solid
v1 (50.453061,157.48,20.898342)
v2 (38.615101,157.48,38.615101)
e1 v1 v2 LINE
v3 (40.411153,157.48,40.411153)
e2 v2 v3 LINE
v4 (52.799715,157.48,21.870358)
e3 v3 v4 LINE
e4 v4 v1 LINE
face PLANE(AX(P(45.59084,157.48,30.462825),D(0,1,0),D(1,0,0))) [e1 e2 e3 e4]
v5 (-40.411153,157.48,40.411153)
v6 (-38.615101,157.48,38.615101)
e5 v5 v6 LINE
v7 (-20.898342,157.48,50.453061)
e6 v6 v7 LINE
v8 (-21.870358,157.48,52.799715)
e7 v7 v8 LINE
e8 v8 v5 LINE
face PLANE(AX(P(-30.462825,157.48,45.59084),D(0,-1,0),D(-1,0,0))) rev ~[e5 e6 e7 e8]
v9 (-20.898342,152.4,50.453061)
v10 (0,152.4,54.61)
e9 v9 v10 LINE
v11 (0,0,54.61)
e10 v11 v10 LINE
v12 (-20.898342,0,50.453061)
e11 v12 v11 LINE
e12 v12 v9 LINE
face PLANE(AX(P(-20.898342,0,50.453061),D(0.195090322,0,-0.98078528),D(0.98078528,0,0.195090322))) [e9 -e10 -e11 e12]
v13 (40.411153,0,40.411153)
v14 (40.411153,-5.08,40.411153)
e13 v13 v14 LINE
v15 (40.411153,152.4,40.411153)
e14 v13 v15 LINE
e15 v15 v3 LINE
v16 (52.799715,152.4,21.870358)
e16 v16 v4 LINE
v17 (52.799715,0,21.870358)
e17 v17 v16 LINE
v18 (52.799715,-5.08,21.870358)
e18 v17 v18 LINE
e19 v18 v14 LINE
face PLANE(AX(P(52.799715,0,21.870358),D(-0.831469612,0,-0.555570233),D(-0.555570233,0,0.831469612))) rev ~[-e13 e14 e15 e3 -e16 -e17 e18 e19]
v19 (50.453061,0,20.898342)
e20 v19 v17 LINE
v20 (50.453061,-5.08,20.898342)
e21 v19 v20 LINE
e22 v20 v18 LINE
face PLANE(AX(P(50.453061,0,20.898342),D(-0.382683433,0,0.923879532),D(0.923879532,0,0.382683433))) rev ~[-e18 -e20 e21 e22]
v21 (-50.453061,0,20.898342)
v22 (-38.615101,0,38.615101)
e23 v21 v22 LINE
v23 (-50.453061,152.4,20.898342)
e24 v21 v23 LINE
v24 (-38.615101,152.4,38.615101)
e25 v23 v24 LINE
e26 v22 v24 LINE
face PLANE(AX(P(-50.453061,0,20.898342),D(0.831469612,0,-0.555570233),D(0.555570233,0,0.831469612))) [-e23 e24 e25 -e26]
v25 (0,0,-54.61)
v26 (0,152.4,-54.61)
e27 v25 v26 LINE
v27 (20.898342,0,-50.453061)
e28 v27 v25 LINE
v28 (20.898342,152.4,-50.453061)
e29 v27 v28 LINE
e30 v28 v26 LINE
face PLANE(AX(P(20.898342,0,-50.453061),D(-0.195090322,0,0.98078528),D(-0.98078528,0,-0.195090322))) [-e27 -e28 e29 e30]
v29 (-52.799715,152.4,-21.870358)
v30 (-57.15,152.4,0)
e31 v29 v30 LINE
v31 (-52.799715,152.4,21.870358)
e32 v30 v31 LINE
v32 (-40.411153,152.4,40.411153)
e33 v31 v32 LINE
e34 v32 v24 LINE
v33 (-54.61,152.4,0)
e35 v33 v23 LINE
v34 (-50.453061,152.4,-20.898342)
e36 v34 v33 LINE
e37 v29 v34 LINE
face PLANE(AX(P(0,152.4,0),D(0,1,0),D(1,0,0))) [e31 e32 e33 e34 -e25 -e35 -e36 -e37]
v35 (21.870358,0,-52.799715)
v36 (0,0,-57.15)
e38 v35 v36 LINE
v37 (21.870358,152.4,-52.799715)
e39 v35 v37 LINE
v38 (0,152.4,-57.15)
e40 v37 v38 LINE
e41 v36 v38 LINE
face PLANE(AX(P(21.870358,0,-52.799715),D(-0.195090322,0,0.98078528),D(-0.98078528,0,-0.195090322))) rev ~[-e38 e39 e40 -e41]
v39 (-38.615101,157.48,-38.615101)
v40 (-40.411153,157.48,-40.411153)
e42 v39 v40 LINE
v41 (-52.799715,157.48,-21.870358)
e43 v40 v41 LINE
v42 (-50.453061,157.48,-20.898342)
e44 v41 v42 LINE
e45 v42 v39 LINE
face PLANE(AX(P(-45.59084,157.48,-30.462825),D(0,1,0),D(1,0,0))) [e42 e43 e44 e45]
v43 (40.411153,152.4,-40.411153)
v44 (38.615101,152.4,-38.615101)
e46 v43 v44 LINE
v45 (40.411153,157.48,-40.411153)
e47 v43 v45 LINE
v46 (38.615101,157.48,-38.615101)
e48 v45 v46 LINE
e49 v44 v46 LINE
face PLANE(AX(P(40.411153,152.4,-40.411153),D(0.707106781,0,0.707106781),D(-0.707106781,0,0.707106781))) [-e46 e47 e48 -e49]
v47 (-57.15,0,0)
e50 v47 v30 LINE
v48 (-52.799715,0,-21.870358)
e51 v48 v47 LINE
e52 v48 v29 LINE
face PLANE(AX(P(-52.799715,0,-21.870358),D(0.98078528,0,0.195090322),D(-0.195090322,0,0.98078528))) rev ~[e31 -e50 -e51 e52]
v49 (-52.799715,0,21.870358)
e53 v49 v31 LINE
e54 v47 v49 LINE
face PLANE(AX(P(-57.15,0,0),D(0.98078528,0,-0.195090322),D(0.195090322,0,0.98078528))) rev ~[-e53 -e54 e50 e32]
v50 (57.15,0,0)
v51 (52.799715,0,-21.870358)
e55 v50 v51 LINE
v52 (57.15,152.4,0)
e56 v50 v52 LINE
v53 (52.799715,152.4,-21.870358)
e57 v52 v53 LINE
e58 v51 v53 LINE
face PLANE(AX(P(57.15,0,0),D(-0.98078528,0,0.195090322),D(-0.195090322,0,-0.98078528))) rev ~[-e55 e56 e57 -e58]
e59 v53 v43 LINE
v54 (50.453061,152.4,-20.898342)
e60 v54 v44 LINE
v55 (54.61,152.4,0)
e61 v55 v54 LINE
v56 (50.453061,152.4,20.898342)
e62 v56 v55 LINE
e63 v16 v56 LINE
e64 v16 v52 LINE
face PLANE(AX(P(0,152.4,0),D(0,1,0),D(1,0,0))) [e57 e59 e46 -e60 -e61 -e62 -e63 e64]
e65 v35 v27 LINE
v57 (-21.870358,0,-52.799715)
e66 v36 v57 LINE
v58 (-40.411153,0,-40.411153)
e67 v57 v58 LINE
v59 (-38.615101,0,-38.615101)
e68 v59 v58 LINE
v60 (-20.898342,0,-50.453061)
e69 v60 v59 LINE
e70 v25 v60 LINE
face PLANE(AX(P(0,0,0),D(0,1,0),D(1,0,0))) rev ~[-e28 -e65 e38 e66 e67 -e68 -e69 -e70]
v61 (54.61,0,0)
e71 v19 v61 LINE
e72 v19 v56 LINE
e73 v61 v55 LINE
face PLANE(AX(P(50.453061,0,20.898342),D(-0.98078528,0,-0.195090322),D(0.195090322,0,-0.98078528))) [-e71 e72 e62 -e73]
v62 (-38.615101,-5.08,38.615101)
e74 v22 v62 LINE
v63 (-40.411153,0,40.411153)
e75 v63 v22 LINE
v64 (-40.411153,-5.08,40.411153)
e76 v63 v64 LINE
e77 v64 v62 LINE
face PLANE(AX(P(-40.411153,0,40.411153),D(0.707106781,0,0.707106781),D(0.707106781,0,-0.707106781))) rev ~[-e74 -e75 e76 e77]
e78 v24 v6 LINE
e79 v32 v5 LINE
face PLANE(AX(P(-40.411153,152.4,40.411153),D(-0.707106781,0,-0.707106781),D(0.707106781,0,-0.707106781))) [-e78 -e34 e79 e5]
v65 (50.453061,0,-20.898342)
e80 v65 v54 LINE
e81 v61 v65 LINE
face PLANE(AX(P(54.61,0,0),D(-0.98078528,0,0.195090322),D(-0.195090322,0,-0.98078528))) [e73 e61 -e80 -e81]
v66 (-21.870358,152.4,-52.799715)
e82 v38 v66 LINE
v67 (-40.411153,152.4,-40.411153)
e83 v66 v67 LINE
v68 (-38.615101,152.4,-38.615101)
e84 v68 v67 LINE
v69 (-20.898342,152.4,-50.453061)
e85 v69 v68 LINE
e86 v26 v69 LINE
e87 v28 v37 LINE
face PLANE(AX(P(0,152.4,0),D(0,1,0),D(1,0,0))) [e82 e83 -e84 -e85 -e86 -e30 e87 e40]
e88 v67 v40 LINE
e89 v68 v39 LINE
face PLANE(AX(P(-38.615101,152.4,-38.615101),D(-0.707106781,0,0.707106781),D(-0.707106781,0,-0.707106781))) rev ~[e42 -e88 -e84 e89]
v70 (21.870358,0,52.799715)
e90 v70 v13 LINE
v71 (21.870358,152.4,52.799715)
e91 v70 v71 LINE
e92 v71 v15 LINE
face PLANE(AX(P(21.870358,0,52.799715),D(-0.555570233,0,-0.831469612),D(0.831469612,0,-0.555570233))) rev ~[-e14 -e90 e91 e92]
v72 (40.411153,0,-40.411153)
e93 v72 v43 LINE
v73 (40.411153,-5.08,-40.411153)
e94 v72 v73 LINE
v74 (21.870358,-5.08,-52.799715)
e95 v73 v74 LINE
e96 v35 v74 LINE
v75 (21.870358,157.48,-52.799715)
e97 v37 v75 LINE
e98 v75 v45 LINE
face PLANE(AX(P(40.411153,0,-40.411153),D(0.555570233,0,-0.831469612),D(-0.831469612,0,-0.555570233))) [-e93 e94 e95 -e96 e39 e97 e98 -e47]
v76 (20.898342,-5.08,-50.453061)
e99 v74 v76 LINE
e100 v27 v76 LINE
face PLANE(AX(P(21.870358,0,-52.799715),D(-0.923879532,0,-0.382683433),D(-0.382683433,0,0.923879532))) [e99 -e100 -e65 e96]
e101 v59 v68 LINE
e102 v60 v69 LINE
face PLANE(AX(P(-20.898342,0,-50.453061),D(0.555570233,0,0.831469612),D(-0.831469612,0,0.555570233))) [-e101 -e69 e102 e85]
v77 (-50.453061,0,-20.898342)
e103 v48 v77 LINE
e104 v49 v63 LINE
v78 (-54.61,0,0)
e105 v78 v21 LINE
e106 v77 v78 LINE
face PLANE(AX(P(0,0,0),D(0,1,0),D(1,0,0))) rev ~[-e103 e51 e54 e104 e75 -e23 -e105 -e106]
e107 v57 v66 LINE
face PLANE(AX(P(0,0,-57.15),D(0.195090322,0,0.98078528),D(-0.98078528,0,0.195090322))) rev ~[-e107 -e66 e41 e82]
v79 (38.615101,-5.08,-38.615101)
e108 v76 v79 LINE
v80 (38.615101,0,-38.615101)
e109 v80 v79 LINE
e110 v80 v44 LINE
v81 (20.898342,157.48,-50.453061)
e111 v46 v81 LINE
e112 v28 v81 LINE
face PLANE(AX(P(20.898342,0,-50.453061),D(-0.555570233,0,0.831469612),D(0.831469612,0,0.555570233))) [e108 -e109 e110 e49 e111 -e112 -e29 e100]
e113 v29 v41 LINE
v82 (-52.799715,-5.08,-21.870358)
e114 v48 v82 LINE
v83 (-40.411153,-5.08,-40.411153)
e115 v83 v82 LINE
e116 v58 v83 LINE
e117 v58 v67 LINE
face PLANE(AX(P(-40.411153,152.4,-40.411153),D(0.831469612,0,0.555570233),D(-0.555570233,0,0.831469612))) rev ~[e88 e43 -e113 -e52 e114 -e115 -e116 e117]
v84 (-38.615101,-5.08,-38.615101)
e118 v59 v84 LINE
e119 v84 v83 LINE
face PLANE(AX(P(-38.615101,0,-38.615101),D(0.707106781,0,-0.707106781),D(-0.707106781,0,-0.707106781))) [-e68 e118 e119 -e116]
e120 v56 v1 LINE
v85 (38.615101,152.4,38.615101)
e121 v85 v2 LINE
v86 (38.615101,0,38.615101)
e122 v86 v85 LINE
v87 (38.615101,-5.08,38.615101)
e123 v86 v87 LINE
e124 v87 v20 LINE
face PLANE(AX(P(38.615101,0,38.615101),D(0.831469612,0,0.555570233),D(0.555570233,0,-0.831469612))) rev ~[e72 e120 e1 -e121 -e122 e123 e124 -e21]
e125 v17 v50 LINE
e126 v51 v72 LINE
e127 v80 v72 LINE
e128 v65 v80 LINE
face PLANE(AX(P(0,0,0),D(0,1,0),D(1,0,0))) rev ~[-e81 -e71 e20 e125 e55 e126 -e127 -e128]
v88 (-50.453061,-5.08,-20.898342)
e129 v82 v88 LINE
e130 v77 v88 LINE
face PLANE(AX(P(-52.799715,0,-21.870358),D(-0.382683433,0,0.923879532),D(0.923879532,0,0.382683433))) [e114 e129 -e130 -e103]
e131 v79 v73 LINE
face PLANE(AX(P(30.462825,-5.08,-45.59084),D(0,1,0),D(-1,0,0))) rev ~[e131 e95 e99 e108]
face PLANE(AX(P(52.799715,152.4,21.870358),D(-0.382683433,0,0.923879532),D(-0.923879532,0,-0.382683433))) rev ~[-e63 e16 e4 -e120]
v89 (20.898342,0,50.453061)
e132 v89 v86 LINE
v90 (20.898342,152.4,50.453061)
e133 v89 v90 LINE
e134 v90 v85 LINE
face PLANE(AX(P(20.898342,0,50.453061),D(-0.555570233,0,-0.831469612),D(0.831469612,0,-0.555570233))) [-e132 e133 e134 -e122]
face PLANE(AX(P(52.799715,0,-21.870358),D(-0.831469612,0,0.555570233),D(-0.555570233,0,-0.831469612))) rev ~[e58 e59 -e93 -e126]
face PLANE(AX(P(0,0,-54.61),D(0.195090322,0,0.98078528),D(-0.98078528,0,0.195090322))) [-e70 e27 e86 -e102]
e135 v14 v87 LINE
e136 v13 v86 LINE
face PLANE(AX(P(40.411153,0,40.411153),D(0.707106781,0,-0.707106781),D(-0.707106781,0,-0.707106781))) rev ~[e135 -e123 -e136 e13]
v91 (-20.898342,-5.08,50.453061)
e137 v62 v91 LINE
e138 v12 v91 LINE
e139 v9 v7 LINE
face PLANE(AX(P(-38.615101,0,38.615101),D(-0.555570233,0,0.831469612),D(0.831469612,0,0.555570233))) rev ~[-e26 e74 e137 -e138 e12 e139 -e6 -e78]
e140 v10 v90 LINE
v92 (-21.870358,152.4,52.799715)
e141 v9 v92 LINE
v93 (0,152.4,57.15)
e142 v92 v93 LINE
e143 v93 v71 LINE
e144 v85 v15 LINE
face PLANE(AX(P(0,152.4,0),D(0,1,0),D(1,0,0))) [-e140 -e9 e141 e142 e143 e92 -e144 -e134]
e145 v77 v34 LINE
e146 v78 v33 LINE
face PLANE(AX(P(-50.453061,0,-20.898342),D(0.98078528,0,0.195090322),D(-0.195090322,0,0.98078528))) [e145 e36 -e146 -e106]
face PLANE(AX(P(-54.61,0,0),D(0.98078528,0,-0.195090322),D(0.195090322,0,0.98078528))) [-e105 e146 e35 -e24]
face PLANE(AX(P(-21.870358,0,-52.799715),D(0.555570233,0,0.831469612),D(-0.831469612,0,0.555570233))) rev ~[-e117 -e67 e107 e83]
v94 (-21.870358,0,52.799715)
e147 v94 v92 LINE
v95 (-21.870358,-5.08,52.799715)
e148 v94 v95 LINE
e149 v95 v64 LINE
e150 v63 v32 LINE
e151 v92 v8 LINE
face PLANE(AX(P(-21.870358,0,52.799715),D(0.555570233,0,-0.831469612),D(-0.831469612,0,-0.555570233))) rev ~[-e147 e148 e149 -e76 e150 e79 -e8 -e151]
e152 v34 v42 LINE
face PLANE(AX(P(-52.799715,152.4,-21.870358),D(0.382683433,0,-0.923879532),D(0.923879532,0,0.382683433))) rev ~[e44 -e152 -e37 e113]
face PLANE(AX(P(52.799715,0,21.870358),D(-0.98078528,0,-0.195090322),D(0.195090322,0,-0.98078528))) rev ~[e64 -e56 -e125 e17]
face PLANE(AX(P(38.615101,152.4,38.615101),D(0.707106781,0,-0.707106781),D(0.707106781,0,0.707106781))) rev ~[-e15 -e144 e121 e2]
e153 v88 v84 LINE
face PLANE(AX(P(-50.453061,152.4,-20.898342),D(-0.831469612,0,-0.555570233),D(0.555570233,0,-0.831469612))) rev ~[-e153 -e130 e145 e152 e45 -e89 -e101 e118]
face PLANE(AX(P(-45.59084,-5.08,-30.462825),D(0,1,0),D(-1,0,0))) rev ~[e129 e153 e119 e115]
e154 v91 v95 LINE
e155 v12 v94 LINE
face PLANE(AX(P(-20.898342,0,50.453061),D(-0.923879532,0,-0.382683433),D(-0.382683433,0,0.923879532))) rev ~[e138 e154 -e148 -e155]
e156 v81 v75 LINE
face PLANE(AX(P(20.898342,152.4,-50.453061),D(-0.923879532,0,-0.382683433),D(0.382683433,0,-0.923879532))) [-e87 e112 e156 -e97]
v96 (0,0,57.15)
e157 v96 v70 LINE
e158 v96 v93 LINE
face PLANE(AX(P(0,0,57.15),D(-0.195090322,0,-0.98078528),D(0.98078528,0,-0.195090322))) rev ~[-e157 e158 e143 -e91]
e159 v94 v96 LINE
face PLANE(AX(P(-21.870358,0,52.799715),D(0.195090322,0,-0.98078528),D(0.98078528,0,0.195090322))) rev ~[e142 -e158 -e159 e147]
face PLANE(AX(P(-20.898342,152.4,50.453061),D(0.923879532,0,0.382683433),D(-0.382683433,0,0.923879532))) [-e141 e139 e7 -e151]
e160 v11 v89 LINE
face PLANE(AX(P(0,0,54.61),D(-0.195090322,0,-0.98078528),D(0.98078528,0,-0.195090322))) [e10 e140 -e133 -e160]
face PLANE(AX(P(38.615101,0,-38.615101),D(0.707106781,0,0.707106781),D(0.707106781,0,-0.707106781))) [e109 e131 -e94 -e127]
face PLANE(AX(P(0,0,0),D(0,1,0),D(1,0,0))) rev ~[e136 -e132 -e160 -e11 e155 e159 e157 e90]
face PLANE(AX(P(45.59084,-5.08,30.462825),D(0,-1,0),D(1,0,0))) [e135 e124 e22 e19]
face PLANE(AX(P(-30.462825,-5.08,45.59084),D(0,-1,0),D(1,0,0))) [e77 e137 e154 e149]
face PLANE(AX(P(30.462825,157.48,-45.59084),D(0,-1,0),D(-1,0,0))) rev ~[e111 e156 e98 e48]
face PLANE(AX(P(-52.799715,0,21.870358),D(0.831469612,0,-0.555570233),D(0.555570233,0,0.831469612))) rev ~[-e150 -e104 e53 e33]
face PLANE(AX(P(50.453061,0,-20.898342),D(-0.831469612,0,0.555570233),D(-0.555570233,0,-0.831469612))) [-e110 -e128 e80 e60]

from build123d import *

# Parameters (mm, degrees)
BOSS_EXTRUDE1_DEPTH = 152.4
BOSS_EXTRUDE2_DEPTH = 5.08
BOSS_EXTRUDE3_DEPTH = 5.08


with BuildPart() as part:
    # Sketch1 → Boss-Extrude1 (new body)
    with BuildSketch(Plane(origin=(0, 0, 0), x_dir=(1, 0, 0), z_dir=(0, 1, 0))):
        Polygon((-40.411152545, -40.411152545), (-21.87035816, -52.799715283), (0, -57.15), (21.87035816, -52.799715283), (40.411152545, -40.411152545), (52.799715283, -21.87035816), (57.15, 0), (52.799715283, 21.87035816), (40.411152545, 40.411152545), (21.87035816, 52.799715283), (0, 57.15), (-21.87035816, 52.799715283), (-40.411152545, 40.411152545), (-52.799715283, 21.87035816), (-57.15, 0), (-52.799715283, -21.87035816), align=None)
        Polygon((0, 54.61), (-20.898342241, 50.45306127), (-38.615101321, 38.615101321), (-50.45306127, 20.898342241), (-54.61, 0), (-50.45306127, -20.898342241), (-38.615101321, -38.615101321), (-20.898342241, -50.45306127), (0, -54.61), (20.898342241, -50.45306127), (38.615101321, -38.615101321), (50.45306127, -20.898342241), (54.61, 0), (50.45306127, 20.898342241), (38.615101321, 38.615101321), (20.898342241, 50.45306127), align=None, mode=Mode.SUBTRACT)
    extrude(amount=BOSS_EXTRUDE1_DEPTH)

    # Sketch2 → Boss-Extrude2 (add)
    with BuildSketch(Plane(origin=(0, 152.4, 0), x_dir=(1, 0, 0), z_dir=(0, 1, 0))):
        Polygon((-52.799715283, 21.87035816), (-50.45306127, 20.898342241), (-38.615101321, 38.615101321), (-40.411152545, 40.411152545), align=None)
        Polygon((-38.615101321, -38.615101321), (-20.898342241, -50.45306127), (-21.87035816, -52.799715283), (-40.411152545, -40.411152545), align=None)
        Polygon((38.615101321, -38.615101321), (40.411152545, -40.411152545), (52.799715283, -21.87035816), (50.45306127, -20.898342241), align=None)
        Polygon((40.411152545, 40.411152545), (38.615101321, 38.615101321), (20.898342241, 50.45306127), (21.87035816, 52.799715283), align=None)
    extrude(amount=BOSS_EXTRUDE2_DEPTH)

    # Sketch3 → Boss-Extrude3 (add)
    with BuildSketch(Plane.XZ):
        Polygon((38.615101321, -38.615101321), (40.411152545, -40.411152545), (21.87035816, -52.799715283), (20.898342241, -50.45306127), align=None)
        Polygon((50.45306127, 20.898342241), (52.799715283, 21.87035816), (40.411152545, 40.411152545), (38.615101321, 38.615101321), align=None)
        Polygon((-40.411152545, 40.411152545), (-38.615101321, 38.615101321), (-20.898342241, 50.45306127), (-21.87035816, 52.799715283), align=None)
        Polygon((-50.45306127, -20.898342241), (-38.615101321, -38.615101321), (-40.411152545, -40.411152545), (-52.799715283, -21.87035816), align=None)
    extrude(amount=BOSS_EXTRUDE3_DEPTH)


solid = part.part
